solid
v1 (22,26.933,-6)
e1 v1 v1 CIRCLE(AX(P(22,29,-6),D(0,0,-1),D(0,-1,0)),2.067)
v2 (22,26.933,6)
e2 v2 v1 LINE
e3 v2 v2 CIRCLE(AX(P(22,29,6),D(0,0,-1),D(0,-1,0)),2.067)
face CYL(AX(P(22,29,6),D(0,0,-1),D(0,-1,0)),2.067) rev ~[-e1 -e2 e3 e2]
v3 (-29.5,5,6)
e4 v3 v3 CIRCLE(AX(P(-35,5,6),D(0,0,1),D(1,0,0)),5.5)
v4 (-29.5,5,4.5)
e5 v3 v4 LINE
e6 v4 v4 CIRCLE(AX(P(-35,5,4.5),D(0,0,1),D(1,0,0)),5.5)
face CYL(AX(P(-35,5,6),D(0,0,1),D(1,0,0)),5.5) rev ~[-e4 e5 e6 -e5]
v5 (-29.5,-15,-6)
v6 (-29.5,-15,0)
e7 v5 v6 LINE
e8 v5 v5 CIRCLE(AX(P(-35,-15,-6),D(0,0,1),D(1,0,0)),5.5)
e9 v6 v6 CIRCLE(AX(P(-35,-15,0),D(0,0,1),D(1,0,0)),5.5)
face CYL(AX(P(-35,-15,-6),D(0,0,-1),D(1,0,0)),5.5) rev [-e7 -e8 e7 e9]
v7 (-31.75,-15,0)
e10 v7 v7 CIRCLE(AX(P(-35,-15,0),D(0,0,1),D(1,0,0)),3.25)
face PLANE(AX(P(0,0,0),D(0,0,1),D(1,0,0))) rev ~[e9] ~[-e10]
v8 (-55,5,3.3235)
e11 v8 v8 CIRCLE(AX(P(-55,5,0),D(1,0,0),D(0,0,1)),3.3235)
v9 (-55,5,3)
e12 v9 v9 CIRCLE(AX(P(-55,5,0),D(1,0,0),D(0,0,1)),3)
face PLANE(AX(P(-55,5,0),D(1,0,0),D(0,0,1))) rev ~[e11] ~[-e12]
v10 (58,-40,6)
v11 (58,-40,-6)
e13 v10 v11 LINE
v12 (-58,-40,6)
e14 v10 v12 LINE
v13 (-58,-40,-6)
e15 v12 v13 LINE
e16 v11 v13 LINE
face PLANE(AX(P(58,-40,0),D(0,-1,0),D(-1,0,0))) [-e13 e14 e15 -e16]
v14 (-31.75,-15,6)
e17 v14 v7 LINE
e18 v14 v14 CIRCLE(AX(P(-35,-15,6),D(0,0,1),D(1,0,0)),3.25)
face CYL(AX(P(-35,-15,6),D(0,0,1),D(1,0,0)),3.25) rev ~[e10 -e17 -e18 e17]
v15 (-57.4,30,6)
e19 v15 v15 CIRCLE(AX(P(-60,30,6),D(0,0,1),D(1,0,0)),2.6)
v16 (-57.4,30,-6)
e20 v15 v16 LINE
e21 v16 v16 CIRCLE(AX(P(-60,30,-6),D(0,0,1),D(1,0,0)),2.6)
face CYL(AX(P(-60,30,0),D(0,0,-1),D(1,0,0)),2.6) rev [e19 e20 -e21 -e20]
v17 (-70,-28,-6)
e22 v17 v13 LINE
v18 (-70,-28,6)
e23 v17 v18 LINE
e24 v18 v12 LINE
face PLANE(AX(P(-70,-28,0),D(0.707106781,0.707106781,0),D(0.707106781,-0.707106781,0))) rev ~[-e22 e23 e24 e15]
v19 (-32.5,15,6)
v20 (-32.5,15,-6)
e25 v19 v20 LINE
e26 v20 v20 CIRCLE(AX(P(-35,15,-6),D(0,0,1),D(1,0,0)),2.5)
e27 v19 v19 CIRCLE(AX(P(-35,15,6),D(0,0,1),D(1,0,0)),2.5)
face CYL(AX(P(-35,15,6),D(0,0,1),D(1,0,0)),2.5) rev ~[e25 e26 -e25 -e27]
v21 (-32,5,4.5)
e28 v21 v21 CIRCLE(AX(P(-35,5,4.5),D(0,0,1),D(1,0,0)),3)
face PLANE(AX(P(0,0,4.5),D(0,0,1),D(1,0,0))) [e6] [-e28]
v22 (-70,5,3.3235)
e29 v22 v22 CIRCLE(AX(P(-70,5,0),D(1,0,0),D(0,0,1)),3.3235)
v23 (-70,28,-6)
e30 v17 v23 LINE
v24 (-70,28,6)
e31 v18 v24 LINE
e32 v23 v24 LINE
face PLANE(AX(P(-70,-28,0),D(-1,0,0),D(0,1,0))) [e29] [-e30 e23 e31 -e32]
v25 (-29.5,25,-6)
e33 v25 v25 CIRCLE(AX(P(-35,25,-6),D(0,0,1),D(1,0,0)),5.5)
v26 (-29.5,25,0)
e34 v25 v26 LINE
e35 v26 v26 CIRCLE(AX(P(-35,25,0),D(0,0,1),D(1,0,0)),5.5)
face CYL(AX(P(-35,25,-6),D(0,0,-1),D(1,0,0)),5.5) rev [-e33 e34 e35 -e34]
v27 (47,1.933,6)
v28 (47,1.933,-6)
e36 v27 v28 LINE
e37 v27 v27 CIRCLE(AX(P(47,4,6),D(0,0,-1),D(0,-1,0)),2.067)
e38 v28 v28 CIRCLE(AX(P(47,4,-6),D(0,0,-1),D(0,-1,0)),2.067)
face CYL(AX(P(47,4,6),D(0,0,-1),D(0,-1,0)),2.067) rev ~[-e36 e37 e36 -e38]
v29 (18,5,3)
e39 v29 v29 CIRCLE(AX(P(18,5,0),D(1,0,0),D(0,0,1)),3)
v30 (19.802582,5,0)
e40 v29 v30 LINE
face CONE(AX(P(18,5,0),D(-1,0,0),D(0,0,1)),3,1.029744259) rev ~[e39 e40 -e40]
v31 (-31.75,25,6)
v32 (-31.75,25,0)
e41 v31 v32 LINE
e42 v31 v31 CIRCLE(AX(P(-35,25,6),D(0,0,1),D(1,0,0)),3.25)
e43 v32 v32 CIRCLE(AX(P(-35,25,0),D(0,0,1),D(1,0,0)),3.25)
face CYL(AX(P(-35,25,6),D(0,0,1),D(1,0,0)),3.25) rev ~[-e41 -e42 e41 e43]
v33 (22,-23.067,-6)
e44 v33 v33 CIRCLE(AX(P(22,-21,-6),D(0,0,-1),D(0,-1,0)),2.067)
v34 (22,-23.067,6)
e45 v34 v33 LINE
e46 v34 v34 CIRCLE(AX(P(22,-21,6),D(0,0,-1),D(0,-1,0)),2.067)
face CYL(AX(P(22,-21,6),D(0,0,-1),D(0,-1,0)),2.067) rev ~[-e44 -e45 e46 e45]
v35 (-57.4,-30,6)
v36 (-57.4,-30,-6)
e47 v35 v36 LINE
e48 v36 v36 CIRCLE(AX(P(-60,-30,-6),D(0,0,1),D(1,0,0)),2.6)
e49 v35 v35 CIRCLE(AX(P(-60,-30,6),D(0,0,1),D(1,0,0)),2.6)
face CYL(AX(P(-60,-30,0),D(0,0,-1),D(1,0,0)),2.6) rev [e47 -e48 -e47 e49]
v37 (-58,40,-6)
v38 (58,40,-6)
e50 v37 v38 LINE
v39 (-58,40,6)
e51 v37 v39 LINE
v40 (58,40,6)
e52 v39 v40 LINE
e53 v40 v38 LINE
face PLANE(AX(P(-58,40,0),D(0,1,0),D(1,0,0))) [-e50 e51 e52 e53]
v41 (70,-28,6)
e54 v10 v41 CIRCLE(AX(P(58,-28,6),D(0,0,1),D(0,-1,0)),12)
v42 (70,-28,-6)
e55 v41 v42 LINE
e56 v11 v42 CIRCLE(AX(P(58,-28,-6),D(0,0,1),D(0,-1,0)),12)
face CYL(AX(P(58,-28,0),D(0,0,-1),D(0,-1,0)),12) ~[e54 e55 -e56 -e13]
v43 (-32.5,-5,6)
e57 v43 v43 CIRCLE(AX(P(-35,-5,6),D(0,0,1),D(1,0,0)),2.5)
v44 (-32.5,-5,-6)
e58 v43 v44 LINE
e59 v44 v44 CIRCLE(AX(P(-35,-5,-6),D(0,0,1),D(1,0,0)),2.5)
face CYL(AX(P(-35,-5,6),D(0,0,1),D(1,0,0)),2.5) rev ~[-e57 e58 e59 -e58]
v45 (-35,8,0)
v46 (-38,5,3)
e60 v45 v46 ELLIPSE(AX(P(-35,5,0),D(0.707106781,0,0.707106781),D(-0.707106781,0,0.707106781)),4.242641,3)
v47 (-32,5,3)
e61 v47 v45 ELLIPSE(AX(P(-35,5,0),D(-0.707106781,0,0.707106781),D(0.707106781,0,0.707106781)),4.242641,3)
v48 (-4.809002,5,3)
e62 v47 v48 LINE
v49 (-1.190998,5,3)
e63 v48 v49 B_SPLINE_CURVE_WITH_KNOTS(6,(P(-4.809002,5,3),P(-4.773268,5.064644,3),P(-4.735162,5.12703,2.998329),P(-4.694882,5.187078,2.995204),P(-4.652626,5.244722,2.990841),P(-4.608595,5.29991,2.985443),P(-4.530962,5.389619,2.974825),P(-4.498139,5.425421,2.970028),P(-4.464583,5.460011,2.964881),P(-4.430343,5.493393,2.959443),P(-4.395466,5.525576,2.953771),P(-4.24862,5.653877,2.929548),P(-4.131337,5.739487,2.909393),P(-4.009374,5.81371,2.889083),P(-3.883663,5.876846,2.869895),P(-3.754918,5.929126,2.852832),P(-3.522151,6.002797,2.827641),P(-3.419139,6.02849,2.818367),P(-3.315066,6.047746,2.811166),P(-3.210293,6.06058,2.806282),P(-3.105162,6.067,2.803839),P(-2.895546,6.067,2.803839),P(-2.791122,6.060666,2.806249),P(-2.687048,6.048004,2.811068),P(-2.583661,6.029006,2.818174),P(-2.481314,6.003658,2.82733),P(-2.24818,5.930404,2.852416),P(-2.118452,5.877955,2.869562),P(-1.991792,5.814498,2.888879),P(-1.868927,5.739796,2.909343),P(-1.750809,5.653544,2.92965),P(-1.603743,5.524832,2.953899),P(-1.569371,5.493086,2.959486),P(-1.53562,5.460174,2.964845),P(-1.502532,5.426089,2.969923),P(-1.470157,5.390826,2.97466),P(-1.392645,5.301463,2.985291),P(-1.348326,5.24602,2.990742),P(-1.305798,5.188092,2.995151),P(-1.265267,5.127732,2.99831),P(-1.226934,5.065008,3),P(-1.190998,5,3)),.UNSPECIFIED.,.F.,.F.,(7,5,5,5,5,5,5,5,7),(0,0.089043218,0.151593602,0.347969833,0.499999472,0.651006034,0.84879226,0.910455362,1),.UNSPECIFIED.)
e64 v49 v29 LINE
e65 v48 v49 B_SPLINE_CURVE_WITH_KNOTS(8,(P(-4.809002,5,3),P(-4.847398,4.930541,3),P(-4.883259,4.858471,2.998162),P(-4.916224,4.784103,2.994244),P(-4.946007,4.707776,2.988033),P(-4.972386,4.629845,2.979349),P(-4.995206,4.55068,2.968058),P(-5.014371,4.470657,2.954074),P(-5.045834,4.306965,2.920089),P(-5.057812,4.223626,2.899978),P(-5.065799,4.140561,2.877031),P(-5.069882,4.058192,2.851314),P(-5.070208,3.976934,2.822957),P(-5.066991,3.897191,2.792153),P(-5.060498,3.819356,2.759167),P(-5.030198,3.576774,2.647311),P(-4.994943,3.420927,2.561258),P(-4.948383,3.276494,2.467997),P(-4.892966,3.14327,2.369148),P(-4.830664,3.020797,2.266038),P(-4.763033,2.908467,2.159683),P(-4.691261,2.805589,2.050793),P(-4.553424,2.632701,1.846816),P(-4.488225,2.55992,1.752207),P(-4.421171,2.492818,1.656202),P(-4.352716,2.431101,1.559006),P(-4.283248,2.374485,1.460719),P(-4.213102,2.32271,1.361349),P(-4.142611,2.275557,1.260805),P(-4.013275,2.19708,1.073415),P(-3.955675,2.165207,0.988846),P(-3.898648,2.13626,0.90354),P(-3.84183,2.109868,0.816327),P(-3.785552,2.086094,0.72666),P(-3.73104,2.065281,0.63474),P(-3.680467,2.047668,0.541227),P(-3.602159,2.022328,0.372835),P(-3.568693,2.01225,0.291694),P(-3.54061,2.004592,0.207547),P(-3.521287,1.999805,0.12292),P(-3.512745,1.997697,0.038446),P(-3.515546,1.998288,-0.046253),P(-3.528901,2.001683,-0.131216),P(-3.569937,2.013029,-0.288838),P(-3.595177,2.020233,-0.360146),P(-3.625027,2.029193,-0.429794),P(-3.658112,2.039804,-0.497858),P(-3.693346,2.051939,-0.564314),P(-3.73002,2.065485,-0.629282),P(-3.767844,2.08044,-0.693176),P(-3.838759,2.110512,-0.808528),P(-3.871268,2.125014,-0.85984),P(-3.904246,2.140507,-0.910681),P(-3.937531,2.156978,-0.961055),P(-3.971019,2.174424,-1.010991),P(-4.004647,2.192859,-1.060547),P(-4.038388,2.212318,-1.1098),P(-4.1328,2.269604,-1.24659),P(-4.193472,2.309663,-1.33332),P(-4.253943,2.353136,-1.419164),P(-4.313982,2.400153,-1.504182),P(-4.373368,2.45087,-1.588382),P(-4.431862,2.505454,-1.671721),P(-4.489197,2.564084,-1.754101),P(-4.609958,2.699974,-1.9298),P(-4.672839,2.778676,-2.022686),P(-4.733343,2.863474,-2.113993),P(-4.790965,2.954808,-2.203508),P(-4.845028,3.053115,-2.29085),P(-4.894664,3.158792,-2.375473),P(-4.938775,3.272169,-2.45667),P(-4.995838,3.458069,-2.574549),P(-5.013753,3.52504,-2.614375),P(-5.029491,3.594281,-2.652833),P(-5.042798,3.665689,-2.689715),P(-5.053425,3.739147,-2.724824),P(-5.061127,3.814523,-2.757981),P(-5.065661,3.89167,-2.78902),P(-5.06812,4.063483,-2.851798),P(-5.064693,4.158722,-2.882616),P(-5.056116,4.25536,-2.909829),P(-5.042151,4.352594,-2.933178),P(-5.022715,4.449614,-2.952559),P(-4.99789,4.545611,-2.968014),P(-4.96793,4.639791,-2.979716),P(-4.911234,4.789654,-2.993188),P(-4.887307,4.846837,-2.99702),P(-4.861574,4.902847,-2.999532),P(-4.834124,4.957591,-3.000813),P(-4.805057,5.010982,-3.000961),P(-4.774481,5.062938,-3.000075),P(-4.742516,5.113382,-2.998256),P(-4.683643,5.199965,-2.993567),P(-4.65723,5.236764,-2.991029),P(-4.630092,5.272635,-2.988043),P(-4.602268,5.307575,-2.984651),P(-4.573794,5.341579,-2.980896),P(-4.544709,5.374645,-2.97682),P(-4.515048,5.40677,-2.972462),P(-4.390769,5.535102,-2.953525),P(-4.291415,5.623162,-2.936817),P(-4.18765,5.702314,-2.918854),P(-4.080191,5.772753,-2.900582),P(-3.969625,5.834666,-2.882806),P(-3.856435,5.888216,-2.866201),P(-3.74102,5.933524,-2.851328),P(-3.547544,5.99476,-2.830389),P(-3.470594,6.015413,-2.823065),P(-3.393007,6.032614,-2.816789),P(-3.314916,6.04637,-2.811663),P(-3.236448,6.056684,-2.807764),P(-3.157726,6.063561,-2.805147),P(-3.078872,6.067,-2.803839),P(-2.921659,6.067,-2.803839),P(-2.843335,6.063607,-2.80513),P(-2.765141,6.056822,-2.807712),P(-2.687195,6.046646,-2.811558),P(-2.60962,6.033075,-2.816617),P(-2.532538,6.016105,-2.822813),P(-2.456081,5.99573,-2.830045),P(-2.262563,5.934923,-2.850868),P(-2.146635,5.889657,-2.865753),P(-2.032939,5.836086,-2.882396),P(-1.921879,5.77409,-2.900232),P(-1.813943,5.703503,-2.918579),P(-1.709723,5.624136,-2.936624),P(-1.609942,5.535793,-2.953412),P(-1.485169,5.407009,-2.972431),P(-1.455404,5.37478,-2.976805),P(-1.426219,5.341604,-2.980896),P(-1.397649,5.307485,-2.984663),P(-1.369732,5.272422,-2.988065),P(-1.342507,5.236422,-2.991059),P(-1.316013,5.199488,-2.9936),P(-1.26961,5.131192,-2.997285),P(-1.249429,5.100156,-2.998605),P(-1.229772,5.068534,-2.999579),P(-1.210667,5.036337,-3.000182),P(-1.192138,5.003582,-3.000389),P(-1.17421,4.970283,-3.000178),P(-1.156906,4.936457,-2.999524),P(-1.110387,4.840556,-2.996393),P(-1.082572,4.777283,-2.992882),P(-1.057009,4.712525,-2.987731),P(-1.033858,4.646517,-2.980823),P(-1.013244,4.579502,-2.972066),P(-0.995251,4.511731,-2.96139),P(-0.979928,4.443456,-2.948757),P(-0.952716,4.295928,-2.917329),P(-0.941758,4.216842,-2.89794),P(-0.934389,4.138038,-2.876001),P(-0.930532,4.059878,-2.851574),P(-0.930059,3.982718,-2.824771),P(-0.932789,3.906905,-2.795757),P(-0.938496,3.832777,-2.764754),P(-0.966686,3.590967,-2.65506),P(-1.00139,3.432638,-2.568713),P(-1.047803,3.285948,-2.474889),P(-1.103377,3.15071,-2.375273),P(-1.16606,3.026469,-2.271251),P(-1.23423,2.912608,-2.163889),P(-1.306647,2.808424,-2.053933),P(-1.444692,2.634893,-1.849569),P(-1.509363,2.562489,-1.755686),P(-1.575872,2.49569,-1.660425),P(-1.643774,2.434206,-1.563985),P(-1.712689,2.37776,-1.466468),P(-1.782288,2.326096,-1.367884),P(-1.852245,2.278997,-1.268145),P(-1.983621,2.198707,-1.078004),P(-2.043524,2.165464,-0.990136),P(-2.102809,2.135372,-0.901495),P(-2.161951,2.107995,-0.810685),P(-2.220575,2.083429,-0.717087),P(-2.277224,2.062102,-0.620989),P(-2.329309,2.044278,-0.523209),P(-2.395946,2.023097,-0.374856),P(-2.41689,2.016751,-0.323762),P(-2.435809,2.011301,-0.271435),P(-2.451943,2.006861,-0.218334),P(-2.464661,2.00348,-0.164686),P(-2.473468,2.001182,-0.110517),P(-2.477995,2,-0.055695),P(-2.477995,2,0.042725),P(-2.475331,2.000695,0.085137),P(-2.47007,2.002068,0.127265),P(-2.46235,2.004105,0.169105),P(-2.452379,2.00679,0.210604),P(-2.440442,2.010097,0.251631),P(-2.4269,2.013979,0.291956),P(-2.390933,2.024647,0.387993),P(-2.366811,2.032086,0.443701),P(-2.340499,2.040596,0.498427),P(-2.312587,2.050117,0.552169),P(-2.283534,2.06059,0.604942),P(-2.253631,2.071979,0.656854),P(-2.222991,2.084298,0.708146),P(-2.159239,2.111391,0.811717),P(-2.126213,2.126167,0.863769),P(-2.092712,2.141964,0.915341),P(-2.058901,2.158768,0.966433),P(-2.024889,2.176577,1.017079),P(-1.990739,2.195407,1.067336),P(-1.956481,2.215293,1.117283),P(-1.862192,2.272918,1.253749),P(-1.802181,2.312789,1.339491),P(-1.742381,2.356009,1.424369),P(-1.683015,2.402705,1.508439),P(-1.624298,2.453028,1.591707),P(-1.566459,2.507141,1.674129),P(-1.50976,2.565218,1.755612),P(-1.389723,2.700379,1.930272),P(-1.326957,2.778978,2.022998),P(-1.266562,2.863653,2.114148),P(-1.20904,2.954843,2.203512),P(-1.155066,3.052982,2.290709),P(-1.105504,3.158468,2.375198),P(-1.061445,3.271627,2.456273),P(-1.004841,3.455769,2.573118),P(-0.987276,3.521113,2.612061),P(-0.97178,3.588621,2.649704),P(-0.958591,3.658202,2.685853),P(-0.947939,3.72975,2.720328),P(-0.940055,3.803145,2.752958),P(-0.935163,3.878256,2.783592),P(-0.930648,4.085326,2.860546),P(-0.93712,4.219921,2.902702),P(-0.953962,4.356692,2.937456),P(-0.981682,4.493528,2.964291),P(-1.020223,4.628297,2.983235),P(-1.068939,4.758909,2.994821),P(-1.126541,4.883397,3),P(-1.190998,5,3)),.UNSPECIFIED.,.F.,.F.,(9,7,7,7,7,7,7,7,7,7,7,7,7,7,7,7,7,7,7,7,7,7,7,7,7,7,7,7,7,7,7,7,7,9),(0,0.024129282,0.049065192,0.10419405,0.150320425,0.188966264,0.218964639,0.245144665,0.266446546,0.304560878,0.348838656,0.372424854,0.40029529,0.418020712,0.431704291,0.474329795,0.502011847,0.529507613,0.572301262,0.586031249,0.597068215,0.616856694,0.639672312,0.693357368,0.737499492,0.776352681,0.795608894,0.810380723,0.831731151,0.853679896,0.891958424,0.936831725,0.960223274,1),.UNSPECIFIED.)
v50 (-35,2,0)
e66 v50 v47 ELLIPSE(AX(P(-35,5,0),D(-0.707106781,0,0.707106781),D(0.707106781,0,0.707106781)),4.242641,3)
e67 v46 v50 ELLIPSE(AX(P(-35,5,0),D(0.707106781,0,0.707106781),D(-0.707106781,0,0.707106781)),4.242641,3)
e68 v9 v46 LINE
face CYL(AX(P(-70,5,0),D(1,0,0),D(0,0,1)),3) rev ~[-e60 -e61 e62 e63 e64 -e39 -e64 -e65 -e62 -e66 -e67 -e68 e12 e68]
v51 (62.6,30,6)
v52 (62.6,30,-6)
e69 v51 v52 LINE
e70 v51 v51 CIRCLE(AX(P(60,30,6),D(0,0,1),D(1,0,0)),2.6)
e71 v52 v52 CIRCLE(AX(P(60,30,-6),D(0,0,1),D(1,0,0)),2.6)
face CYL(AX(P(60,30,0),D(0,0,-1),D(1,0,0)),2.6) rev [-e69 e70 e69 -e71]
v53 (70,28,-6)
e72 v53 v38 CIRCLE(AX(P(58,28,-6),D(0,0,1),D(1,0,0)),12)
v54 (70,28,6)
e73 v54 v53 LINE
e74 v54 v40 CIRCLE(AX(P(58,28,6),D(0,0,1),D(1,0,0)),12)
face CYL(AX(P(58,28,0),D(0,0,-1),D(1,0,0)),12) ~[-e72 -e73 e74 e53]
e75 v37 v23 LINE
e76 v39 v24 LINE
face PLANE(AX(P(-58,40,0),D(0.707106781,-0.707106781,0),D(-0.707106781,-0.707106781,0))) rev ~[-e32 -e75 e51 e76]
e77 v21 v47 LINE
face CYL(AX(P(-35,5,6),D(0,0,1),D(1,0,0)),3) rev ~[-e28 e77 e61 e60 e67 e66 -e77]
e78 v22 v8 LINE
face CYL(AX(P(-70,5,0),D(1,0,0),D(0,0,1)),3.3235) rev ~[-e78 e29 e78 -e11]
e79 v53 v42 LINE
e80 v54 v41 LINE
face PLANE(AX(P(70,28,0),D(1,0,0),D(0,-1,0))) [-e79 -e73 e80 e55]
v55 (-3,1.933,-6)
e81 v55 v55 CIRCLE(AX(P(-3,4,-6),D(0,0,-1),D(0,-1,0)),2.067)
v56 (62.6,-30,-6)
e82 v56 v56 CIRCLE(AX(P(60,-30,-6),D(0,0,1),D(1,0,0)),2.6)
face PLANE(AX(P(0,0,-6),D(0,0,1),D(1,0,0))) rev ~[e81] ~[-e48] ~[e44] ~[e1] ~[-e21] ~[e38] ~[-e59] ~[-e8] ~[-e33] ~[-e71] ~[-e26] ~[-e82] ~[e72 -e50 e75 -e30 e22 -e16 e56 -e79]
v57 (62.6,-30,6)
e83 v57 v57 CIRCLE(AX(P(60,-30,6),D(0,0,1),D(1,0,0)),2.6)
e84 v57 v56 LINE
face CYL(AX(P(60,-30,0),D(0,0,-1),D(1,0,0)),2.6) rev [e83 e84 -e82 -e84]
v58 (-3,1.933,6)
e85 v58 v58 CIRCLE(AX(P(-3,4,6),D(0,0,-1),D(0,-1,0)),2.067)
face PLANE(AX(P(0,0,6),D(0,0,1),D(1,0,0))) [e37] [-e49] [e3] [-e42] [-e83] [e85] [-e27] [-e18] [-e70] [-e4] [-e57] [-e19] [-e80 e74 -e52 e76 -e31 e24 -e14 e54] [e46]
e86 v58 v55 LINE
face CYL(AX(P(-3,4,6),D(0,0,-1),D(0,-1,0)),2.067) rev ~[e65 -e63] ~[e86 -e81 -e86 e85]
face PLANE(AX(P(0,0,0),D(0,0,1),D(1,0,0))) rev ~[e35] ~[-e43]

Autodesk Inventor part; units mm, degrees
ref_plane "YZ Plane" through (0, 0, 0) normal (1, 0, 0) x (0, 1, 0)
ref_plane "XZ Plane" through (0, 0, 0) normal (0, 1, 0) x (-1, 0, 0)
ref_plane "XY Plane" through (0, 0, 0) normal (0, 0, 1) x (1, 0, 0)
sketch "Sketch1" plane through (0, 0, 0) normal (0, 0, 1) x (1, 0, 0)
  line L0 (-58, 40) -> (58, 40)
  line L1 (70, 28) -> (70, -28)
  line L2 (58, -40) -> (-58, -40)
  line L3 (-70, -28) -> (-70, 28)
  arc A0 (70, 28) -> (58, 40) centre (58, 28) ccw
  arc A1 (58, -40) -> (70, -28) centre (58, -28) ccw
  line L4 (-58, 40) -> (-70, 28)
  line L5 (-70, -28) -> (-58, -40)
  line L6 (-70, 0) -> (70, 0) construction
  circle A2 centre (-60, 30) radius 2.6
  circle A3 centre (60, 30) radius 2.6
  line L7 (66.4853, 36.4853) -> (58, 28) construction
  circle A4 centre (-60, -30) radius 2.6
  circle A5 centre (60, -30) radius 2.6
  point P0 (0, 0)
  point P1 (-70, 40)
  point P2 (-70, -40)
  point P3 (0, 40)
  dimension "d0" = 140
  dimension "d1" = 80
  dimension "d2" = 12
  dimension "d3" = 12
  dimension "d4" = 12
  dimension "d5" = 12
  dimension "d6" = 12
  dimension "d7" = 5.2
  dimension "d8" = 120
  dimension "d9" = 60
extrude "Extrusion1" add sketch "Sketch1" along normal mid plane 12
sketch "Sketch2" plane through (-70, -28, 6) normal (-1, 0, 0) x (0, 0, 1)
  line L0 (-12, 68) -> (0, 68) projected
  point P0 (-6, 28)
  point P1 (-6, 33)
  dimension "d12" = 35
hole "Hole1" at (-70, 5, 0) direction (1, 0, 0) diameter 6 depth 88 tip angle 118
sketch "Sketch3" plane through (0, 0, 6) normal (0, 0, 1) x (1, 0, 0)
  line L0 (70, -28) -> (70, 28) projected
  line L1 (-70, 28) -> (-70, -28) projected
  circle A0 centre (22, 4) radius 25 construction
  line L2 (-70, 2) -> (-70, 8) projected
  line L3 (-70, 2) -> (-70, 8) projected
  line L4 (18, 8) -> (18, 2) projected
  line L5 (18, 5) -> (-70, 5) construction
  circle A1 centre (-35, 5) radius 5.5
  circle A2 centre (-35, 25) radius 5.5
  circle A3 centre (-35, 25) radius 3.25
  circle A4 centre (-35, -15) radius 5.5
  circle A5 centre (-35, -15) radius 3.25
  circle A6 centre (-35, 15) radius 2.5
  circle A7 centre (-35, -5) radius 2.5
  circle A8 centre (-35, 5) radius 3
  line L6 (58, 40) -> (-58, 40) projected
  point P0 (0, 0)
  point P1 (22, 29)
  point P2 (-3, 4)
  point P3 (22, -21)
  point P4 (47, 4)
  dimension "d22" = 50
  dimension "d20" = 48
  dimension "d25" = 360
  dimension "d27" = 11
  dimension "d28" = 35
  dimension "d30" = 11
  dimension "d31" = 6.5
  dimension "d32" = 20
  dimension "d33" = 5
  dimension "d34" = 10
  dimension "d51" = 6
  dimension "d59" = 36
hole "Hole2" at (22, 29, 6) at (47, 4, 6) at (22, -21, 6) at (-3, 4, 6) direction (0, 0, -1) diameter 4.134 depth 12 thread size "M5x0.8" class "6H" standard "ISO Metric profile"
extrude "Extrusion2" cut sketch "Sketch3" against normal through all contours A3 | A5 | A6 | A7
extrude "Extrusion3" cut sketch "Sketch3" along normal blind 6 from surface at -12 contours A2 | A4
extrude "Extrusion4" cut sketch "Sketch3" against normal blind 1.5 contours A1 | A8
extrude "Extrusion5" cut sketch "Sketch3" against normal up to surface contours A8
sketch "Sketch4" plane through (-70, -28, 6) normal (-1, 0, 0) x (0, 0, 1)
  circle A0 centre (-6, 33) radius 3 projected
  point P0 (-6, 28)
hole "Hole3" at (-70, 5, 0) direction (1, 0, 0) diameter 6.647 depth 15 thread size "M8x1.25" class "6H" standard "ISO Metric profile"
equation "\"d4\" = d3"
equation "\"d5\" = d3"
equation "\"d6\" = d5"
properties part number "Base"
